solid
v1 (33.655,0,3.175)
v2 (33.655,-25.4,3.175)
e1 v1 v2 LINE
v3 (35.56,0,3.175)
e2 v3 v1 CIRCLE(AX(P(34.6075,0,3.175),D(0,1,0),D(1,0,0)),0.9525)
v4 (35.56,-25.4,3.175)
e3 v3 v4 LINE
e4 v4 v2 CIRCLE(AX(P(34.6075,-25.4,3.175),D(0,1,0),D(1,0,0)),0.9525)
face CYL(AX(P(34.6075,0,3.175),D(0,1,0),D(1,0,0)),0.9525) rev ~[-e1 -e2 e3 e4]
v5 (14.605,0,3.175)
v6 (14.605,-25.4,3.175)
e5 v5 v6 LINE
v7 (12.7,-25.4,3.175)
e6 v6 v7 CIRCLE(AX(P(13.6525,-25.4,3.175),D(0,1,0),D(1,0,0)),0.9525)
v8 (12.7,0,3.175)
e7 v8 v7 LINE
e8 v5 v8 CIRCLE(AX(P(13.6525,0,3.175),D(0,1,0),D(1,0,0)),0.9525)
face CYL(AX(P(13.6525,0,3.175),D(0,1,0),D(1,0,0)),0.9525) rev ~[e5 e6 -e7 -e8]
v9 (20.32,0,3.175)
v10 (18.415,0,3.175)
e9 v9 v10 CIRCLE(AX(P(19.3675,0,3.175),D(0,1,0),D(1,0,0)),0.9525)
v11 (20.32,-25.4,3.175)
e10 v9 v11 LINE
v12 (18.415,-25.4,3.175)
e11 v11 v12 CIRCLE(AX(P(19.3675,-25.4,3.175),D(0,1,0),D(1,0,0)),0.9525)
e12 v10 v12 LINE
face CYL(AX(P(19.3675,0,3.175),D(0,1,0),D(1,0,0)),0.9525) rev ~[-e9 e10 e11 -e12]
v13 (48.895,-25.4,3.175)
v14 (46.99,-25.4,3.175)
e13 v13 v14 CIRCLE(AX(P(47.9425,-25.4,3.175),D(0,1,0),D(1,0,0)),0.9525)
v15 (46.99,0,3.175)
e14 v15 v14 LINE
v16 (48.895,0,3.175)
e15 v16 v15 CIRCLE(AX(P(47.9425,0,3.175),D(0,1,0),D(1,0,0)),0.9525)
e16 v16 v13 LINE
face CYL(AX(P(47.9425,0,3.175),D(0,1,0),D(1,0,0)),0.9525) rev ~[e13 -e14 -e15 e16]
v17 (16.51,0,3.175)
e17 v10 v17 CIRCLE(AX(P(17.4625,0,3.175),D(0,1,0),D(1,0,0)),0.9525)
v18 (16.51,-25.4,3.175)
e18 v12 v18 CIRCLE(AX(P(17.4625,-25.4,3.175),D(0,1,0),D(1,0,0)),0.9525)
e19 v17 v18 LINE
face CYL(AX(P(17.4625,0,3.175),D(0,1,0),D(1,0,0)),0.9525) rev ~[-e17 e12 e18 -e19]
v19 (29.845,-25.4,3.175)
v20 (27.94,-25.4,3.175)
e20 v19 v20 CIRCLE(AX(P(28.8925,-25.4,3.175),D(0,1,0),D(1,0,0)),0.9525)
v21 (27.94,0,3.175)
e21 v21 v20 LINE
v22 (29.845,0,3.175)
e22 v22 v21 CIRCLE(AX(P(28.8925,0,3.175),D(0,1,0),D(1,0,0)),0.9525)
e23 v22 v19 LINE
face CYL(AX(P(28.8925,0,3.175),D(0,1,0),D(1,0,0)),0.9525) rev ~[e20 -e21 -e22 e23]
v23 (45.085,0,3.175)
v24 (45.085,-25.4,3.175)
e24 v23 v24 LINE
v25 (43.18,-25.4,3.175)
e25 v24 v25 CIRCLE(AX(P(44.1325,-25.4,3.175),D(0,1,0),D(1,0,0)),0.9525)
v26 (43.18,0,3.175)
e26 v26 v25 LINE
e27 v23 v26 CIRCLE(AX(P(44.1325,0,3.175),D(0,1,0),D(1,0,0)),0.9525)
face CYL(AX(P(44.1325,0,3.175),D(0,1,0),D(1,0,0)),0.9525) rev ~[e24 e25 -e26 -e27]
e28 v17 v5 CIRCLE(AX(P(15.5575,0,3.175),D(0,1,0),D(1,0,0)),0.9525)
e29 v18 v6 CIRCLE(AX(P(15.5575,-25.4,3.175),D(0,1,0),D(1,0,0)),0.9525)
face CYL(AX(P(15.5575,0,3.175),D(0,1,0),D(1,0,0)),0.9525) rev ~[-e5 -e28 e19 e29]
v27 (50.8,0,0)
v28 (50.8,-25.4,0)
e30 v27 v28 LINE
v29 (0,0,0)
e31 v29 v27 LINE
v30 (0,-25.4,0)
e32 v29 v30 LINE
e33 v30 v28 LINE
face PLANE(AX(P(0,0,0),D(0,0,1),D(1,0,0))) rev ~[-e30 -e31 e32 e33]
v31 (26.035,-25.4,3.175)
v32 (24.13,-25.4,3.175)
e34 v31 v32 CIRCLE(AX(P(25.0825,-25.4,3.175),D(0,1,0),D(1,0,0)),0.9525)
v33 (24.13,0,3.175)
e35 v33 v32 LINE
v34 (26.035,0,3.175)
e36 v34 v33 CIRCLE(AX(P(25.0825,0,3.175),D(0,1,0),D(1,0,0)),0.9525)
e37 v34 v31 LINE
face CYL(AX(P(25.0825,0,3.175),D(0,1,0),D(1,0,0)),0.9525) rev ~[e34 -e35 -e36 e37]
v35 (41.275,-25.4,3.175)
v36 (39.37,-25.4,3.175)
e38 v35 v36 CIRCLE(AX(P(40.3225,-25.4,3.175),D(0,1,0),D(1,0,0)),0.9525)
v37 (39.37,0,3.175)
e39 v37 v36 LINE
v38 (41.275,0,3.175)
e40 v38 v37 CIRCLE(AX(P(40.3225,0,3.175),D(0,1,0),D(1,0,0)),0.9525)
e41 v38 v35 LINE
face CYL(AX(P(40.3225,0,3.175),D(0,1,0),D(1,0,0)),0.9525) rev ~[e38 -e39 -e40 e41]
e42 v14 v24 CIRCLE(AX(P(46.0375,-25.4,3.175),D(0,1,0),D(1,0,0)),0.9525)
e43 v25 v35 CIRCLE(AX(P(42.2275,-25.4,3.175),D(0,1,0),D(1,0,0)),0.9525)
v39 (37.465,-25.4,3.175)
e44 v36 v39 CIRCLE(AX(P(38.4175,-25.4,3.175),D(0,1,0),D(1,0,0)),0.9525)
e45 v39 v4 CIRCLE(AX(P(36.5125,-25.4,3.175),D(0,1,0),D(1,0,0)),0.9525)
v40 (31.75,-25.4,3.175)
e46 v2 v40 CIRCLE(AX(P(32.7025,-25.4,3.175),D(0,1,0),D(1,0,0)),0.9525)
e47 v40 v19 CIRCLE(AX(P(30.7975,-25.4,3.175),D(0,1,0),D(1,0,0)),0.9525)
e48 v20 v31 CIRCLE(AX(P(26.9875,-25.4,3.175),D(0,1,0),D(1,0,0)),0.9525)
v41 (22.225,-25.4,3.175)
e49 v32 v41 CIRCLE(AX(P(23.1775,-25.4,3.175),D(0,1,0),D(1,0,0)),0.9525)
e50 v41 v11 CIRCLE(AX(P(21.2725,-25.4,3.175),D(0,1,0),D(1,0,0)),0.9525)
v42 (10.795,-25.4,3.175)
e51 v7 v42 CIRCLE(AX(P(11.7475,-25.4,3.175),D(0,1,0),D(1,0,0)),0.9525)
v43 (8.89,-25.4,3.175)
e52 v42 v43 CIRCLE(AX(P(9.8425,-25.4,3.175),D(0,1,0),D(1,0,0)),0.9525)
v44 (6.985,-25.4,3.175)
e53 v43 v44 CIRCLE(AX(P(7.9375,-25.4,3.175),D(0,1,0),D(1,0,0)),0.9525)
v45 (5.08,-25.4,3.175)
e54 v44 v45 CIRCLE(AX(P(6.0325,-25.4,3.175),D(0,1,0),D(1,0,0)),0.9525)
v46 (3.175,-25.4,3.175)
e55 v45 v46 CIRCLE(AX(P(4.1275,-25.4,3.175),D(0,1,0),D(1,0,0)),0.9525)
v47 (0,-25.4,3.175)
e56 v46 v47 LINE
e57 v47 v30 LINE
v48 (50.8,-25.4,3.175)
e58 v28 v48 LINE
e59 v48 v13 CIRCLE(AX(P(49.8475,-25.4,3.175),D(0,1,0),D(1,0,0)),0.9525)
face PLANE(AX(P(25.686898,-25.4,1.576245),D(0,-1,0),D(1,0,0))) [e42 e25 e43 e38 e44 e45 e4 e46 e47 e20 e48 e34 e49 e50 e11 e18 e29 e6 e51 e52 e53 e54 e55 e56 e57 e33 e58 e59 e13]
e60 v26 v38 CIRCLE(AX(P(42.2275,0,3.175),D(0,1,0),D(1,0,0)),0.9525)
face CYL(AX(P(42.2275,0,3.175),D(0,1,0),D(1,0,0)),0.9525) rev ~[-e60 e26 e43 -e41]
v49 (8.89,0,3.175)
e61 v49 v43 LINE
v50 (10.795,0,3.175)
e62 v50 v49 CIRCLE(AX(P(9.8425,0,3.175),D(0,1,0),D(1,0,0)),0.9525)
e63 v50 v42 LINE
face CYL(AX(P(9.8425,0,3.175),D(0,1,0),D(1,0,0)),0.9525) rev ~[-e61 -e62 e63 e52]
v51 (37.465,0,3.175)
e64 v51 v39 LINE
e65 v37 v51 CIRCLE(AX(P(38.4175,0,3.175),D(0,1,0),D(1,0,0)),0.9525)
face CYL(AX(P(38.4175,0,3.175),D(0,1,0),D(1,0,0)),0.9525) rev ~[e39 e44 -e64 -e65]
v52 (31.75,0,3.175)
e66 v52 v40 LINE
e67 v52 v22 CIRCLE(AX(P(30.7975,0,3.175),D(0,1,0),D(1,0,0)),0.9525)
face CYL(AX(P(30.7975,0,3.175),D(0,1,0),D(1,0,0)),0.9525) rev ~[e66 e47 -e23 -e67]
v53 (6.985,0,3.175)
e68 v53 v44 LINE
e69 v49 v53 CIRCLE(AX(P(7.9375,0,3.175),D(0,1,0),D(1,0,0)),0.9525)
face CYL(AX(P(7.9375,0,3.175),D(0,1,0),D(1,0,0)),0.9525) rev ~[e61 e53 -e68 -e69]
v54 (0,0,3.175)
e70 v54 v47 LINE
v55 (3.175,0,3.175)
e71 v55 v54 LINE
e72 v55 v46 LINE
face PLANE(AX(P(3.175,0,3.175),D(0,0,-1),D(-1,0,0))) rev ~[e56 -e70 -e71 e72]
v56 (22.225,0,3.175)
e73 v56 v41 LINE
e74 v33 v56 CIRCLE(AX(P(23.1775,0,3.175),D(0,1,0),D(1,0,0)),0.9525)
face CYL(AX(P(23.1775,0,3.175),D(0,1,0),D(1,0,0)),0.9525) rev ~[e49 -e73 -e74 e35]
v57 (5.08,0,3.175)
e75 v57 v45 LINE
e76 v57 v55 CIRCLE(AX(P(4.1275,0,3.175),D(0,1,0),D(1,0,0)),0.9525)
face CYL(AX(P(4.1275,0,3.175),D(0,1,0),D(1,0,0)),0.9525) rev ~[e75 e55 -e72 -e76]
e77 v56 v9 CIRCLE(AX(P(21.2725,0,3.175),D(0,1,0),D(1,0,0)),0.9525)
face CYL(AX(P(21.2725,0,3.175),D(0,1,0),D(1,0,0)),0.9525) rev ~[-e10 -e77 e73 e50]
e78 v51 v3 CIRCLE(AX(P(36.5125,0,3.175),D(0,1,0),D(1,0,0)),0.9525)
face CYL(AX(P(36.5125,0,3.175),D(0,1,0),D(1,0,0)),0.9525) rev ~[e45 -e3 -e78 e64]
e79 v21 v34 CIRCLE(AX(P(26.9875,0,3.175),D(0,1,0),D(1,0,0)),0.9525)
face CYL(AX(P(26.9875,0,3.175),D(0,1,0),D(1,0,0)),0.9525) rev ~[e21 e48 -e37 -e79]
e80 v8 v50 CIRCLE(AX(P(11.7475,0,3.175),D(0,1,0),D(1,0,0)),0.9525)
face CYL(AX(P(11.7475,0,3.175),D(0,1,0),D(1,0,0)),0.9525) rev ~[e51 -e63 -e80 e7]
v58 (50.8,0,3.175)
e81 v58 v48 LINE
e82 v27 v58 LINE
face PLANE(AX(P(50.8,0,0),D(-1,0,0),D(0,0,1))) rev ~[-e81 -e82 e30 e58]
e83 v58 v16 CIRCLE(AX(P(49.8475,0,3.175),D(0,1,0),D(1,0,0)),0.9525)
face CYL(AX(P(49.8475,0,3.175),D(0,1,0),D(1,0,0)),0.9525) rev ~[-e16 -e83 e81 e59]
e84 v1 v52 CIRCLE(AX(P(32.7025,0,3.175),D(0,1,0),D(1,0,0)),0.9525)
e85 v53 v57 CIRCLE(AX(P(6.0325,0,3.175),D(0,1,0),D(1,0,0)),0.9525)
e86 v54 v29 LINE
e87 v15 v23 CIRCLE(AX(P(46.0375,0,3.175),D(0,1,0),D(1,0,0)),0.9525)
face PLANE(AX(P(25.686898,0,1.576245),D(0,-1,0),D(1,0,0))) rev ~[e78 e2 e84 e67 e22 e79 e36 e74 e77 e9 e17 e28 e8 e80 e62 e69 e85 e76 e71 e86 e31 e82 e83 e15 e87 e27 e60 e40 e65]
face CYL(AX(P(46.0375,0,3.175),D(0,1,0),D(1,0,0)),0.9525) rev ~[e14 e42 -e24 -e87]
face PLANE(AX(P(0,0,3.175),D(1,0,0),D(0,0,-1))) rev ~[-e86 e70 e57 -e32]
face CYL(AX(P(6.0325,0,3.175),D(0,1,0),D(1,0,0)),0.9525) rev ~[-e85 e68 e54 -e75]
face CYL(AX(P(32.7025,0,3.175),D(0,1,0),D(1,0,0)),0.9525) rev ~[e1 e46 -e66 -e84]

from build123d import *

# Parameters (mm, degrees)
F1_DEPTH = 25.4


with BuildPart() as f1:
    # F0 (on Front) → F1 (new body)
    with BuildSketch(Plane.XZ):
        with BuildLine():
            Line((0, 3.175), (0, 0))
            Line((0, 0), (50.8, 0))
            Line((50.8, 0), (50.8, 3.175))
            ThreePointArc((50.8, 3.175), (49.8475, 2.2225), (48.895, 3.175))
            ThreePointArc((48.895, 3.175), (47.9425, 2.2225), (46.99, 3.175))
            ThreePointArc((46.99, 3.175), (46.0375, 2.2225), (45.085, 3.175))
            ThreePointArc((45.085, 3.175), (44.1325, 2.2225), (43.18, 3.175))
            ThreePointArc((43.18, 3.175), (42.2275, 2.2225), (41.275, 3.175))
            ThreePointArc((41.275, 3.175), (40.3225, 2.2225), (39.37, 3.175))
            ThreePointArc((39.37, 3.175), (38.4175, 2.2225), (37.465, 3.175))
            ThreePointArc((37.465, 3.175), (36.5125, 2.2225), (35.56, 3.175))
            ThreePointArc((35.56, 3.175), (34.6075, 2.2225), (33.655, 3.175))
            ThreePointArc((33.655, 3.175), (32.7025, 2.2225), (31.75, 3.175))
            ThreePointArc((31.75, 3.175), (30.7975, 2.2225), (29.845, 3.175))
            ThreePointArc((29.845, 3.175), (28.8925, 2.2225), (27.94, 3.175))
            ThreePointArc((27.94, 3.175), (26.9875, 2.2225), (26.035, 3.175))
            ThreePointArc((26.035, 3.175), (25.0825, 2.2225), (24.13, 3.175))
            ThreePointArc((24.13, 3.175), (23.1775, 2.2225), (22.225, 3.175))
            ThreePointArc((22.225, 3.175), (21.2725, 2.2225), (20.32, 3.175))
            ThreePointArc((20.32, 3.175), (19.3675, 2.2225), (18.415, 3.175))
            ThreePointArc((18.415, 3.175), (17.4625, 2.2225), (16.51, 3.175))
            ThreePointArc((16.51, 3.175), (15.5575, 2.2225), (14.605, 3.175))
            ThreePointArc((14.605, 3.175), (13.6525, 2.2225), (12.7, 3.175))
            ThreePointArc((12.7, 3.175), (11.7475, 2.2225), (10.795, 3.175))
            ThreePointArc((10.795, 3.175), (9.8425, 2.2225), (8.89, 3.175))
            ThreePointArc((8.89, 3.175), (7.9375, 2.2225), (6.985, 3.175))
            ThreePointArc((6.985, 3.175), (6.0325, 2.2225), (5.08, 3.175))
            ThreePointArc((5.08, 3.175), (4.1275, 2.2225), (3.175, 3.175))
            Line((3.175, 3.175), (0, 3.175))
        make_face()
    extrude(amount=F1_DEPTH)


solid = f1.part
